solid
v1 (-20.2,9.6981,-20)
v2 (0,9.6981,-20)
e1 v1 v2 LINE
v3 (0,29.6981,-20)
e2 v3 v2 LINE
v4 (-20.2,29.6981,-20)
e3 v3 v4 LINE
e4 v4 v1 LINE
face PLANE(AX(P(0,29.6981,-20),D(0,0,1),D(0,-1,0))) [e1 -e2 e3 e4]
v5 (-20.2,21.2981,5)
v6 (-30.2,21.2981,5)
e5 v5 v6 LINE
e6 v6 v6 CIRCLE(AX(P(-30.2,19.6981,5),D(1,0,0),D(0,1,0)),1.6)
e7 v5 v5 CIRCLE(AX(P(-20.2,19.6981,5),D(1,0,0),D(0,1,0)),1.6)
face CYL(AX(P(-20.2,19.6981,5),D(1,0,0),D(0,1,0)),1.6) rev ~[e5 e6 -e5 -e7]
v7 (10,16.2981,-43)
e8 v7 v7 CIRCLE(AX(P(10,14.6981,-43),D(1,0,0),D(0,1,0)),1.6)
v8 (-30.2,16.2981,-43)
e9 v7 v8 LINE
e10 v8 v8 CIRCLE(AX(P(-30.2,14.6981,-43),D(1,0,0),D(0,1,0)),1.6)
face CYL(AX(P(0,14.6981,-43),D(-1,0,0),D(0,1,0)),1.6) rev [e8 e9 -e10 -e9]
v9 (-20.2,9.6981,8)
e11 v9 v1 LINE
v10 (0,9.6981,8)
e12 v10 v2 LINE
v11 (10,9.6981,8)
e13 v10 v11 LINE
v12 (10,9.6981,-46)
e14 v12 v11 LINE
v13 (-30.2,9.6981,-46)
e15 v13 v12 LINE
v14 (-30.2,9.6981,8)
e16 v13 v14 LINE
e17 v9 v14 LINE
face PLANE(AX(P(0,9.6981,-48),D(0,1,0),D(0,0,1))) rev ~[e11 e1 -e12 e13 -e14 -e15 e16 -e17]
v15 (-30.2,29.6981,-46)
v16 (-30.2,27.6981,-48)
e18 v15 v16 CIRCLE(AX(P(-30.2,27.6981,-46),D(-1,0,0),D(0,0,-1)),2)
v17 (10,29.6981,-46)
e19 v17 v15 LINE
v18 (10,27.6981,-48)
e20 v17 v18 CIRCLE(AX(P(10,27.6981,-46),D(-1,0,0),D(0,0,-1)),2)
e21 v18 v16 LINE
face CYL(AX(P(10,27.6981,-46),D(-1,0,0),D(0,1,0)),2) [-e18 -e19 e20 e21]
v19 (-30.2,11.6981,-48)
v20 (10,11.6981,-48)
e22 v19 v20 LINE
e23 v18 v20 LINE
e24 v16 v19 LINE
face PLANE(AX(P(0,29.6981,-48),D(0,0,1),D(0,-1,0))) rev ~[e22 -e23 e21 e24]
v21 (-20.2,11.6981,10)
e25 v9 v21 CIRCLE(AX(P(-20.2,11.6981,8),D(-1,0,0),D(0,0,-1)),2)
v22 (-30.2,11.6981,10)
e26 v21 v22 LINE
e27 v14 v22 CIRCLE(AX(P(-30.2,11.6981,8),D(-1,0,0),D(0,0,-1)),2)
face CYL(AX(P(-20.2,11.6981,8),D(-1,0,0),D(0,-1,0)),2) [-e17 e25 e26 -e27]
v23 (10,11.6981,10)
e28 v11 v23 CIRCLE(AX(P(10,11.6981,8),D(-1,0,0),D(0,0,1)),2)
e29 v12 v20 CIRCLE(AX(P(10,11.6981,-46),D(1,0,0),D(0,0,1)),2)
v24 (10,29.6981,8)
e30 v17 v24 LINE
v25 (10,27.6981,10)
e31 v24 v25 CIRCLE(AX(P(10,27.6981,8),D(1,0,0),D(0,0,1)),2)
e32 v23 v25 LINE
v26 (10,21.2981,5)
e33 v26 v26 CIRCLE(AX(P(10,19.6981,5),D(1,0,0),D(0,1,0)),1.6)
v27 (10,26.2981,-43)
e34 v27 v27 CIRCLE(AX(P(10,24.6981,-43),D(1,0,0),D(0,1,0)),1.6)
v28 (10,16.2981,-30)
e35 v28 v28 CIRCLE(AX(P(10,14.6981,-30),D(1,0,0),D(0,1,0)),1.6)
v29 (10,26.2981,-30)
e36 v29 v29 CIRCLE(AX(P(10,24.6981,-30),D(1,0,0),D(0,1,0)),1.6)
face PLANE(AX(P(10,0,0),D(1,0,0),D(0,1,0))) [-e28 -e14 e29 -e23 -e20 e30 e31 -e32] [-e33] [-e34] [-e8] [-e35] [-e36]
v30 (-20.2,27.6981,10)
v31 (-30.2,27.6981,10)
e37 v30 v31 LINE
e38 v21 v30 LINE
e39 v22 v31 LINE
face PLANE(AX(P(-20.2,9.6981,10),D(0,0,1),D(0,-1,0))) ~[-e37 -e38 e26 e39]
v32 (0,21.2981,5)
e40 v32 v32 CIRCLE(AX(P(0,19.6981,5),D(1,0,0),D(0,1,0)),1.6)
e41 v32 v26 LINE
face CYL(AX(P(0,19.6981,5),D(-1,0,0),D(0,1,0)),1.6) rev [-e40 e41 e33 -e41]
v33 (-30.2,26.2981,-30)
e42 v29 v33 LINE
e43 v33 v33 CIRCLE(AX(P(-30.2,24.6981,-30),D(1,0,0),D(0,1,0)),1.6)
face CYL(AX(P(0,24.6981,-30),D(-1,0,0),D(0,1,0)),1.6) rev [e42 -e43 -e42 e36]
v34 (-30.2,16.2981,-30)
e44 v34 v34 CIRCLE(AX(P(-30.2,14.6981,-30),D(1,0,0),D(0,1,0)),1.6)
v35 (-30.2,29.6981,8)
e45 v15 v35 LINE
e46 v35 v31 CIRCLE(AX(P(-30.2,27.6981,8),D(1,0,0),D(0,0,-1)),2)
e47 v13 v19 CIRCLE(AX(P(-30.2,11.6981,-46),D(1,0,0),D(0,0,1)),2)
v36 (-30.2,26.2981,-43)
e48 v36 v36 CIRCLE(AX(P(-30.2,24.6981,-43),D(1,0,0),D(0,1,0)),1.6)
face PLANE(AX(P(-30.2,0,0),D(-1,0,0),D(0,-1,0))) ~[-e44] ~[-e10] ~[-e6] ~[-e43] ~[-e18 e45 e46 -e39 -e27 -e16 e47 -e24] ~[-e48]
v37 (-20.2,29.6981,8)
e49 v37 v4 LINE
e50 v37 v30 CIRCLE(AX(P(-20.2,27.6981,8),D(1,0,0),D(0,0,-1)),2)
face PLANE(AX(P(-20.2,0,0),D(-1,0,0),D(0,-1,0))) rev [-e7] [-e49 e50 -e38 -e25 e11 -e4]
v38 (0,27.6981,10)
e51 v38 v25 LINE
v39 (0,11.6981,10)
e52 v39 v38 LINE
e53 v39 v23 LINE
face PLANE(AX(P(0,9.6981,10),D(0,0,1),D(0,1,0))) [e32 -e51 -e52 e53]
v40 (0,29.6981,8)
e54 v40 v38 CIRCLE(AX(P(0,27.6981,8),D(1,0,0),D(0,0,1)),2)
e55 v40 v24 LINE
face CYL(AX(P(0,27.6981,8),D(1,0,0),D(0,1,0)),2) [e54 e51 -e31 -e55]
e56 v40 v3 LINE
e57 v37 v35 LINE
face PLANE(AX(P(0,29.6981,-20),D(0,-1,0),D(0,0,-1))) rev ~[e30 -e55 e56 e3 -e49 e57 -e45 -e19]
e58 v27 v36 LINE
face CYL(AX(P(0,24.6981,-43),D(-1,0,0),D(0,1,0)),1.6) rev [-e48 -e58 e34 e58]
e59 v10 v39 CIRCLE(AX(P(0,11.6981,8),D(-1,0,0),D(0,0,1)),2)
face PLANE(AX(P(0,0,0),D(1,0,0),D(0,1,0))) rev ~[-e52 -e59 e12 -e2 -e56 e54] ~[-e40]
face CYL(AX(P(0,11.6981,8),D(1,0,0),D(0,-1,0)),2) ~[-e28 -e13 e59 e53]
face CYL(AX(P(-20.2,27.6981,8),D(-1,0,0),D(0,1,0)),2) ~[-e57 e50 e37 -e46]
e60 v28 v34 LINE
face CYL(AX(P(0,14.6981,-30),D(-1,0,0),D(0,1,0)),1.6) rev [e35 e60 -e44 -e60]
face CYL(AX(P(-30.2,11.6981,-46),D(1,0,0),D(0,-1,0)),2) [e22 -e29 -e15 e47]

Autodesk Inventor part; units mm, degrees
ref_plane "YZ Plane" through (0, 0, 0) normal (1, 0, 0) x (0, 1, 0)
ref_plane "XZ Plane" through (0, 0, 0) normal (0, 1, 0) x (-1, 0, 0)
sketch "スケッチ1" plane through (0, 0, 0) normal (1, 0, 0) x (0, 1, 0)
  line L0 (0, 0) -> (37.4755, 0)
  line L1 (37.4755, 0) -> (37.4755, -20)
  line L2 (37.4755, -20) -> (0, -20)
  line L3 (0, -20) -> (0, 0)
  line L4 (9.6981, 10) -> (29.6981, 10)
  line L5 (29.6981, 10) -> (29.6981, -48)
  line L6 (29.6981, -48) -> (9.6981, -48)
  line L7 (9.6981, -48) -> (9.6981, 10)
  circle A0 centre (24.6981, -30) radius 1.6
  circle A1 centre (14.6981, -30) radius 1.6
  circle A2 centre (24.6981, -43) radius 1.6
  circle A3 centre (14.6981, -43) radius 1.6
  circle A4 centre (19.6981, 5) radius 1.6
  point P0 (29.6981, -20)
  point P1 (9.6981, -20)
  dimension "d0" = 20
  dimension "d1" = 10
  dimension "d2" = 3.2
  dimension "d3" = 3.2
  dimension "d4" = 3.2
  dimension "d5" = 3.2
  dimension "d6" = 10
  dimension "d7" = 10
  dimension "d8" = 13
  dimension "d9" = 0
  dimension "d10" = 0
  dimension "d11" = 13
  dimension "d12" = 5
  dimension "d13" = 10
  dimension "d14" = 5
  dimension "d15" = 5
  dimension "d16" = 3.2
  dimension "d17" = 5
  dimension "d18" = 10
extrude "押し出し1" add sketch "スケッチ1" along normal blind 10 contours L7 L4 L5 L0 | L0 L5 L2 L7 | L2 L5 L6 L7
extrude "押し出し2" add sketch "スケッチ1" against normal blind 10.1 contours L2 L5 L6 L7
ref_plane "作業平面1" through (-10.1, 0, 0) normal (-1, 0, 0) x (0, 0, 1)
mirror "ミラー1" about plane through (-10.1, 0, 0) normal (-1, 0, 0)
fillet "フィレット1" radius 2 6 edges at (5, 29.6981, 10) (5, 9.6981, 10) (-25.2, 29.6981, 10) (-25.2, 9.6981, 10) (-10.1, 29.6981, -48) (-10.1, 9.6981, -48)
equation "\"d11\" = d8"
properties part number "dribl-v1-3DP-cc-f-2" material "ABS プラスチック"
